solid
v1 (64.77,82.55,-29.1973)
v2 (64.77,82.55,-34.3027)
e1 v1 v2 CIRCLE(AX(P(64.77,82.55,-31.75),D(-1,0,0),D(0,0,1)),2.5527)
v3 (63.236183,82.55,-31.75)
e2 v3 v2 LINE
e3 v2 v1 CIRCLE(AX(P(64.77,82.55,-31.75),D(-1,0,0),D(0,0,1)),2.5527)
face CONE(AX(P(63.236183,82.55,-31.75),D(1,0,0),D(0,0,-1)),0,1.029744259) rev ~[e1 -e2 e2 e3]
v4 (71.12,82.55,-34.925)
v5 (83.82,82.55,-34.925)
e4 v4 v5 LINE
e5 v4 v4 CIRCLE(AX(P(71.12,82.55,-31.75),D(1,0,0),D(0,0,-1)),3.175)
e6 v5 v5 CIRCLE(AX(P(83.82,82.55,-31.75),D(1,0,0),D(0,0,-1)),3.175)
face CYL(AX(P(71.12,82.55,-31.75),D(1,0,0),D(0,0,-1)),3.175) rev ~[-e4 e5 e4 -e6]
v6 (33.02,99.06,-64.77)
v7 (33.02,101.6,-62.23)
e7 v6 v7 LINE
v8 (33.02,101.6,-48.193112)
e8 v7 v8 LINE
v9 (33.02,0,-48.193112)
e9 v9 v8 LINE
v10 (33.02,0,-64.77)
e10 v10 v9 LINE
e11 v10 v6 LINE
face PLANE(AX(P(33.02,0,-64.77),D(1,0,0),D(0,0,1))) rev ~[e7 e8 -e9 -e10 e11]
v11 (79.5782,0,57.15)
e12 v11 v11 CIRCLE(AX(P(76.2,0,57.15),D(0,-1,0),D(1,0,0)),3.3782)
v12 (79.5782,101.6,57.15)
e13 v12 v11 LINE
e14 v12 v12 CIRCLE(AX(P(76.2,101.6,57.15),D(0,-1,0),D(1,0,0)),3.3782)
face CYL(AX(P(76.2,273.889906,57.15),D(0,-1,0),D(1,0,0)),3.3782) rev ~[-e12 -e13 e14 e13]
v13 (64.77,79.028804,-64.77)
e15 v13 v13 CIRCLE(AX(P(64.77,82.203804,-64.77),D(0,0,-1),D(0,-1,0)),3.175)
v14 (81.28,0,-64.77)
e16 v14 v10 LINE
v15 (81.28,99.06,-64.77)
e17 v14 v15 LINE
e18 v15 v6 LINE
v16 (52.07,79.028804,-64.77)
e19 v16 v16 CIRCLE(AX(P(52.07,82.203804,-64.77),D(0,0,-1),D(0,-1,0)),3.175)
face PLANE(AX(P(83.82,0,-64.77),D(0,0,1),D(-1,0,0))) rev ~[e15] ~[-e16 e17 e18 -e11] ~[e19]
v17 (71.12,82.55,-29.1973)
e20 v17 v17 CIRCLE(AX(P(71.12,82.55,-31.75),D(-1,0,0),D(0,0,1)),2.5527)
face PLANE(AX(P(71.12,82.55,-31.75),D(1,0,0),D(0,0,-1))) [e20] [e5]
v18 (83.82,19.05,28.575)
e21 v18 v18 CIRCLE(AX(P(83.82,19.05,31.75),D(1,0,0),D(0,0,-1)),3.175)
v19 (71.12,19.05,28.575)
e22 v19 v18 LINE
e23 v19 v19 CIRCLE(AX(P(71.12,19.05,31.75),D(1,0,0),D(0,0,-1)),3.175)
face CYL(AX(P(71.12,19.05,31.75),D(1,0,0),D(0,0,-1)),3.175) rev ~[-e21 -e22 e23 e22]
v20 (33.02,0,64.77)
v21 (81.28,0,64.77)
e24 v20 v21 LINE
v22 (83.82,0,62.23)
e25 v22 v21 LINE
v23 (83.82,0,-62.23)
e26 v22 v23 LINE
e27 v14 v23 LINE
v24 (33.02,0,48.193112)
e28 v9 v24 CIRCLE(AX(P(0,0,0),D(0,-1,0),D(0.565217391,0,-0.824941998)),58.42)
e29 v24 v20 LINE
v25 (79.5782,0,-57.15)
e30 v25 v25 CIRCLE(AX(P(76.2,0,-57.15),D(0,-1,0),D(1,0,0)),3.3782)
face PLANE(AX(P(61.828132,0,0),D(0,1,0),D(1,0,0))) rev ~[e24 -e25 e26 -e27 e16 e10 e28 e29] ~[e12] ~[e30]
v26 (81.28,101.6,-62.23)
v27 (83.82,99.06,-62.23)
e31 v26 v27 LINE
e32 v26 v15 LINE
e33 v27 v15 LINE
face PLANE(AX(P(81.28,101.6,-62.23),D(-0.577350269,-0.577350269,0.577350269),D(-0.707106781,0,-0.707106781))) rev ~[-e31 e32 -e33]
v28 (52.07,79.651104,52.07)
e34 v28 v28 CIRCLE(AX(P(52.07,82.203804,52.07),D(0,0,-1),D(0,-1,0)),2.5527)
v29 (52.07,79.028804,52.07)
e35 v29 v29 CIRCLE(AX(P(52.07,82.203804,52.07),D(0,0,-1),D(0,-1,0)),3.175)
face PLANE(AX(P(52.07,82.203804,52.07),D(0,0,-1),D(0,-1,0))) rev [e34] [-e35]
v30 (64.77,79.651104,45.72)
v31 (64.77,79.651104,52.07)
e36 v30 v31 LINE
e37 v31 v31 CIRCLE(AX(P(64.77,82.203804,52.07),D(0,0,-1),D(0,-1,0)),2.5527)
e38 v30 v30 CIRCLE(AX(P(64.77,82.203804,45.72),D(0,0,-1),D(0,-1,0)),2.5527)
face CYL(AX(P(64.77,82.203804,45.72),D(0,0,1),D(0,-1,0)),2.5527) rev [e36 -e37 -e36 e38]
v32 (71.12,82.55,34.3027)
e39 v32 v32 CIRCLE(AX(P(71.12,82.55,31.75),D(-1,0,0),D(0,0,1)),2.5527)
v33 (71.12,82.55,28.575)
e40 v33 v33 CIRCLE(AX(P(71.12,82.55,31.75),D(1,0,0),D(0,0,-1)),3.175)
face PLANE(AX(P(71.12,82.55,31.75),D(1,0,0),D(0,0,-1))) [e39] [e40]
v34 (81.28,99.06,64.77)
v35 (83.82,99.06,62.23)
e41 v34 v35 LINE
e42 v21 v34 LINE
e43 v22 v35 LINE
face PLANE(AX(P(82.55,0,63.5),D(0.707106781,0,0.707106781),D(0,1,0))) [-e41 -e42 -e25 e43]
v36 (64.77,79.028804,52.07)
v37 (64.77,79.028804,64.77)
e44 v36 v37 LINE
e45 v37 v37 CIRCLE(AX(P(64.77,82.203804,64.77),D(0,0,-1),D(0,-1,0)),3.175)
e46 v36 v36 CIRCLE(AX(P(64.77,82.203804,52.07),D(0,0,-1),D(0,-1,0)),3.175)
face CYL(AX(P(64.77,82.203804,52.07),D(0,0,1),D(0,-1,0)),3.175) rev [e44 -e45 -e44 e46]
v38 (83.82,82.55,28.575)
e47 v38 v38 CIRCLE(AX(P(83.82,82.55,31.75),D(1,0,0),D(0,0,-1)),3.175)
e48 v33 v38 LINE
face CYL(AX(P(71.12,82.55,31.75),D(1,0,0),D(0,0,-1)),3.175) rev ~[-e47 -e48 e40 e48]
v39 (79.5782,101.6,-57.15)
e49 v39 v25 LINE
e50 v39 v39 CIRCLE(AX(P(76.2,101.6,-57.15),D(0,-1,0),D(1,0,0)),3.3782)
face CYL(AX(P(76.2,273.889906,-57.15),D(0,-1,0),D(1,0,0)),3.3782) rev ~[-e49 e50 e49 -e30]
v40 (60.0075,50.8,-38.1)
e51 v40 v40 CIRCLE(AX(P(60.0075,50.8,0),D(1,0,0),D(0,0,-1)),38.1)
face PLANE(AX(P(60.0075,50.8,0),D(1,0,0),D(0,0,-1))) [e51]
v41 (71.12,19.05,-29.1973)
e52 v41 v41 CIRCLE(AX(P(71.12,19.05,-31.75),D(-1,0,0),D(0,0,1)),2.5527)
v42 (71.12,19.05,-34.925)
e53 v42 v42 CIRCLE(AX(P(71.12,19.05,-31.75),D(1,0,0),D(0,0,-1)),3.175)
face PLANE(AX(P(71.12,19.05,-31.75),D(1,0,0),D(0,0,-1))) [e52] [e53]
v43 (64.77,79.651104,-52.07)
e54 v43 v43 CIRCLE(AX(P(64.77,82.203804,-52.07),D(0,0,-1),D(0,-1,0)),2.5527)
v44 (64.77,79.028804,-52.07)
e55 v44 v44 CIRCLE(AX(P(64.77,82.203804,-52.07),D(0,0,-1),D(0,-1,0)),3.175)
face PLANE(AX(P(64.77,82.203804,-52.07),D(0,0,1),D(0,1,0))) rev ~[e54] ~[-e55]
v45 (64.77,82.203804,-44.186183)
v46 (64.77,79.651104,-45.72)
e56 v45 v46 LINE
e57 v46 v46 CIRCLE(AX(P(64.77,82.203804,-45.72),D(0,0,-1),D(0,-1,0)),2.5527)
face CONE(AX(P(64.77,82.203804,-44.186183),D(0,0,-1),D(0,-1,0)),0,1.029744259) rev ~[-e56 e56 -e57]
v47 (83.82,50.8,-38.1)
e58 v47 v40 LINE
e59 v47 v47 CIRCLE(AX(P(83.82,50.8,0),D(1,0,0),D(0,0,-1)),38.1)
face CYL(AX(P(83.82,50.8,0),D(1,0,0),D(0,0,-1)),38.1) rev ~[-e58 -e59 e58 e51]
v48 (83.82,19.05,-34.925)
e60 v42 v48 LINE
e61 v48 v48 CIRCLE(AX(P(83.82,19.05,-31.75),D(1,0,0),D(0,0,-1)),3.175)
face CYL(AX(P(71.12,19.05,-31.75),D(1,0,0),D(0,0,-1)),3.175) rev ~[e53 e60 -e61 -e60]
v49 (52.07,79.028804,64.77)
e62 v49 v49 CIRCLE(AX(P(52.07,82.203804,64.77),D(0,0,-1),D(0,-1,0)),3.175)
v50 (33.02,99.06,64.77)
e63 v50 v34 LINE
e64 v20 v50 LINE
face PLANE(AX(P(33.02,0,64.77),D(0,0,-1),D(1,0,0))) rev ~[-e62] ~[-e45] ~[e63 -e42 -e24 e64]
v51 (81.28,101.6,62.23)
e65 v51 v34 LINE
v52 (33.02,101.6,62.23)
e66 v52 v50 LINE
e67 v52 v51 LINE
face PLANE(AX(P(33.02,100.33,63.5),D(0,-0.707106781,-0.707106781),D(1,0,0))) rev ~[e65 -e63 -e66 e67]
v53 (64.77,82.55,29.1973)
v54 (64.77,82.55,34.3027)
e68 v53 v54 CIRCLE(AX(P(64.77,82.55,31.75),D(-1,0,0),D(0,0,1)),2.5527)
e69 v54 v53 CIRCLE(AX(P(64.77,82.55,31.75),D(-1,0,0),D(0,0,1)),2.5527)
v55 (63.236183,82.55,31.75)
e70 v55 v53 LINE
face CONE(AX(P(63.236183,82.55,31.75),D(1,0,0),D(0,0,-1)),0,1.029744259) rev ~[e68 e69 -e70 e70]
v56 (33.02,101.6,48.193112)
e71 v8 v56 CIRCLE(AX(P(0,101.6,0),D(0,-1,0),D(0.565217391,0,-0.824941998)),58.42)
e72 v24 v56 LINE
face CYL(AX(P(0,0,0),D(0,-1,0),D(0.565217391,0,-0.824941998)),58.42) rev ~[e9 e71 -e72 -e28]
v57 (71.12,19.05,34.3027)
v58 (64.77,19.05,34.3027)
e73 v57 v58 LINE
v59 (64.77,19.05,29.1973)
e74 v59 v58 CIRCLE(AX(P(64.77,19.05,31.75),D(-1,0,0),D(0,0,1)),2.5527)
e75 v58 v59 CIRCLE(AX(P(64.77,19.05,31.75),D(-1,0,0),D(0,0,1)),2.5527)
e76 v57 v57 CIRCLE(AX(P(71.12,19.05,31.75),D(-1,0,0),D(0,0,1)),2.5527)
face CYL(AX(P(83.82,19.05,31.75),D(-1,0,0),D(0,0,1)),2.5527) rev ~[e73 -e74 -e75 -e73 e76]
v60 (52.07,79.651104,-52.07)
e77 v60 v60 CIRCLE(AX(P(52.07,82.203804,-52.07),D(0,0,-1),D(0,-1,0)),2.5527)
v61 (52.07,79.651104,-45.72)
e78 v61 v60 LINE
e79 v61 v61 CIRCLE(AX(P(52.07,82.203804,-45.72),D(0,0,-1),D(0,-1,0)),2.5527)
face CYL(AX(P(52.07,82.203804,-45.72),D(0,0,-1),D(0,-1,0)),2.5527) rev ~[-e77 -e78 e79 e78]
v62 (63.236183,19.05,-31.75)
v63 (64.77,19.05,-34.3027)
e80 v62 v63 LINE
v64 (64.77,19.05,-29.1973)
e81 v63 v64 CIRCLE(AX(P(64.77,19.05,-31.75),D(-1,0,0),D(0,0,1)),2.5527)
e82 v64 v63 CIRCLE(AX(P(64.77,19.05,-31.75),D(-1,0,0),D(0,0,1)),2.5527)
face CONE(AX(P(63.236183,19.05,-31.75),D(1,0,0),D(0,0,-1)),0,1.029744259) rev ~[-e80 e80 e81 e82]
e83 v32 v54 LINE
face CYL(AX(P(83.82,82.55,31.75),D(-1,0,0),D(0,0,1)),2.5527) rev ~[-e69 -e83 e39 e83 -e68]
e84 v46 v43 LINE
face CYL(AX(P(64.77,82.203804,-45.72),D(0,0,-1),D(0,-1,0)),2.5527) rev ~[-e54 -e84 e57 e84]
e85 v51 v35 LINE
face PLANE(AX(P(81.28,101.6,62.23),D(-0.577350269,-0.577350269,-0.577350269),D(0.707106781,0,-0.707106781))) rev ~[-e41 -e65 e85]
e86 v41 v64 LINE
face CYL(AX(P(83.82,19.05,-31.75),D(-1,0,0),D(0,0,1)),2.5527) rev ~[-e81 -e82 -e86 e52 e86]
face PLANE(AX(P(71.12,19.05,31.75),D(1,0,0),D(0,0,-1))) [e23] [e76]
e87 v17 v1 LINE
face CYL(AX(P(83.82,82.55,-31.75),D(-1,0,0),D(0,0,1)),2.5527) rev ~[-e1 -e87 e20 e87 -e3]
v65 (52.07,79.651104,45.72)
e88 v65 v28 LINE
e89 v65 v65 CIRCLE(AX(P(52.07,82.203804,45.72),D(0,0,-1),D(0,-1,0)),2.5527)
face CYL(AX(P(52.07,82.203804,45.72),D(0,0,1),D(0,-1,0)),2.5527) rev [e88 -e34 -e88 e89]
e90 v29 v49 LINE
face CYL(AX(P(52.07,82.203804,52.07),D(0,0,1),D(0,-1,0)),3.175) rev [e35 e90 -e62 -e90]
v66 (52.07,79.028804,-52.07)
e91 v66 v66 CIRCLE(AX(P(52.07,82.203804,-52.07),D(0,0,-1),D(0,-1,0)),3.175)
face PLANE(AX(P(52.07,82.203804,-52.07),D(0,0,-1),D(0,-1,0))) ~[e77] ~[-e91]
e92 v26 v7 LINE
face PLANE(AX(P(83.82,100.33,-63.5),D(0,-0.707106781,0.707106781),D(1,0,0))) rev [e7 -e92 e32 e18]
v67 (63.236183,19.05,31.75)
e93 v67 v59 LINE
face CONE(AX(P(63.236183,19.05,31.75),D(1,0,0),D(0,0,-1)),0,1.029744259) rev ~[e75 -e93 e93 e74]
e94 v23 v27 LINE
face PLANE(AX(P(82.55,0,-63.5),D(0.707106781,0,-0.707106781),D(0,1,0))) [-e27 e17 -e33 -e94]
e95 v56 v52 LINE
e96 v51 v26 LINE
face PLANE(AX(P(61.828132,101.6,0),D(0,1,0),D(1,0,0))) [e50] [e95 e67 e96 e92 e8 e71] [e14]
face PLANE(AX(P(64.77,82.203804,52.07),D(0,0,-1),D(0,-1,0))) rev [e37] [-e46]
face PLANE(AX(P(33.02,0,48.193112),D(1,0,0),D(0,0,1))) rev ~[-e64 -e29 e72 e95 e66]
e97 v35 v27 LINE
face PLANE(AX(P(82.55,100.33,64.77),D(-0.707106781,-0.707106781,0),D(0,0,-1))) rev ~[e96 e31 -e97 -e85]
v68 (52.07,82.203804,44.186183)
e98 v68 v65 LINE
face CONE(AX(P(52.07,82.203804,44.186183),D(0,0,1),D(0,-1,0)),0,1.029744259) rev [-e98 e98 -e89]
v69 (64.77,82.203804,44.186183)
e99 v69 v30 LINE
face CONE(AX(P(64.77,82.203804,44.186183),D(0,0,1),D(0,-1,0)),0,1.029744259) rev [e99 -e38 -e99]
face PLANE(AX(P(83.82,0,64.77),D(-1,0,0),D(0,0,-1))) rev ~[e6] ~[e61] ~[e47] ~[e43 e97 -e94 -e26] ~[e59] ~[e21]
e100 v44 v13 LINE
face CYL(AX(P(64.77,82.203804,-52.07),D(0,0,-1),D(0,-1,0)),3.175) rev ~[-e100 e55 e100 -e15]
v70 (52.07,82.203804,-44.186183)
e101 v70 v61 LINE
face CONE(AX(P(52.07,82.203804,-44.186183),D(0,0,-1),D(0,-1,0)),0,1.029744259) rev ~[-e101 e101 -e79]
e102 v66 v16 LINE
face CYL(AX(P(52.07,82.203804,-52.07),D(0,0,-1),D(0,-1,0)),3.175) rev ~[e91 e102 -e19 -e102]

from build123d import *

# Parameters (mm, degrees)
BOSS_EXTRUDE1_DEPTH               = 101.6
SKETCH2_R                         = 38.1
CUT_EXTRUDE2_DEPTH                = 23.8125
F_1_4_20_TAPPED_HOLE1_D           = 5.1054
F_1_4_20_TAPPED_HOLE1_DEPTH       = 19.05
F_1_4_20_TAPPED_HOLE1_CBORE_D     = 6.35
F_1_4_20_TAPPED_HOLE1_CBORE_DEPTH = 12.7
F_1_4_20_TAPPED_HOLE1_TIP         = 1.533816902
H_0_266_DIAMETER_HOLE1_D          = 6.7564
F_1_4_20_TAPPED_HOLE2_AT_2_COUNT  = 2
F_1_4_20_TAPPED_HOLE2_AT_2_PITCH  = 12.7
CHAMFER1_SIZE                     = 2.54


with BuildPart() as part:
    # Sketch1 → Boss-Extrude1 (new body)
    with BuildSketch(Plane(origin=(0, 0, 0), x_dir=(1, 0, 0), z_dir=(0, 1, 0))):
        with BuildLine():
            Line((33.02, 64.77), (33.02, 48.193111541))
            ThreePointArc((33.02, 48.193111541), (58.42, 0), (33.02, -48.193111541))
            Line((33.02, -48.193111541), (33.02, -64.77))
            Line((33.02, -64.77), (83.82, -64.77))
            Line((83.82, -64.77), (83.82, 64.77))
            Line((83.82, 64.77), (33.02, 64.77))
        make_face()
    extrude(amount=BOSS_EXTRUDE1_DEPTH)

    # Sketch2 → Cut-Extrude2 (cut)
    with BuildSketch(Plane(origin=(83.82, 0, 0), x_dir=(0, 0, -1), z_dir=(1, 0, 0))):
        with Locations((0, 50.8)):
            Circle(SKETCH2_R)
    extrude(amount=-CUT_EXTRUDE2_DEPTH, mode=Mode.SUBTRACT)

    # 1/4-20 Tapped Hole1
    with Locations(Plane(origin=(83.82, 0, 0), x_dir=(0, 0, -1), z_dir=(1, 0, 0))):
        with Locations((-31.75, 82.55), (31.75, 82.55), (31.75, 19.05), (-31.75, 19.05)):
            CounterBoreHole(F_1_4_20_TAPPED_HOLE1_D / 2, F_1_4_20_TAPPED_HOLE1_CBORE_D / 2, F_1_4_20_TAPPED_HOLE1_CBORE_DEPTH, depth=F_1_4_20_TAPPED_HOLE1_DEPTH)
            with Locations((0, 0, -(F_1_4_20_TAPPED_HOLE1_DEPTH + F_1_4_20_TAPPED_HOLE1_TIP / 2))):  # 118° drill point
                Cone(0, F_1_4_20_TAPPED_HOLE1_D / 2, F_1_4_20_TAPPED_HOLE1_TIP, mode=Mode.SUBTRACT)

    # H (0.266) Diameter Hole1 (through all)
    with Locations(Plane(origin=(0, 101.6, 0), x_dir=(-1, 0, 0), z_dir=(0, 1, 0))):
        with Locations((76.2, -57.15), (76.2, 57.15), (-76.2, 57.15), (-76.2, -57.15)):
            Hole(H_0_266_DIAMETER_HOLE1_D / 2)

    # Sketch11 → 1/4-20 Tapped Hole2 (revolve, cut)
    with BuildSketch(Plane(origin=(64.77, 82.20380383, 64.77), x_dir=(0, -1, 0), z_dir=(1, 0, 0))):
        Polygon((0, 0), (0, 20.583816902), (2.5527, 19.05), (2.5527, 12.7), (3.175, 12.7), (3.175, 0), align=None)
    f_1_4_20_tapped_hole2 = revolve(axis=Axis((64.77, 82.20380383, 71.12), (0, 0, -1)), mode=Mode.SUBTRACT)

    # 1/4-20 Tapped Hole2 at 2: 1/4-20 Tapped Hole2 ×2
    with Locations(*[(-i * F_1_4_20_TAPPED_HOLE2_AT_2_PITCH, 0, 0) for i in range(1, F_1_4_20_TAPPED_HOLE2_AT_2_COUNT)]):
        add(f_1_4_20_tapped_hole2, mode=Mode.SUBTRACT)

    # Mirror1: 1/4-20 Tapped Hole2 across plane
    add(f_1_4_20_tapped_hole2.mirror(Plane.XY), mode=Mode.SUBTRACT)

    # Mirror1 copy 1 sketch → Mirror1 copy 1 (revolve, cut)
    with BuildSketch(Plane(origin=(52.07, 82.20380383, -64.77), x_dir=(0, -1, 0), z_dir=(1, 0, 0))):
        Polygon((0, 0), (0, -20.583816902), (2.5527, -19.05), (2.5527, -12.7), (3.175, -12.7), (3.175, 0), align=None)
    revolve(axis=Axis((52.07, 82.20380383, -71.12), (0, 0, -1)), mode=Mode.SUBTRACT)

    # Chamfer1
    chamfer1_edges = [part.edges().sort_by_distance(p)[0] for p in [
        (83.82, 50.8, 64.77),
        (83.82, 50.8, -64.77),
        (58.42, 101.6, 64.77),
        (83.82, 101.6, 0),
        (58.42, 101.6, -64.77),
    ]]
    chamfer(chamfer1_edges, length=CHAMFER1_SIZE)


solid = part.part
